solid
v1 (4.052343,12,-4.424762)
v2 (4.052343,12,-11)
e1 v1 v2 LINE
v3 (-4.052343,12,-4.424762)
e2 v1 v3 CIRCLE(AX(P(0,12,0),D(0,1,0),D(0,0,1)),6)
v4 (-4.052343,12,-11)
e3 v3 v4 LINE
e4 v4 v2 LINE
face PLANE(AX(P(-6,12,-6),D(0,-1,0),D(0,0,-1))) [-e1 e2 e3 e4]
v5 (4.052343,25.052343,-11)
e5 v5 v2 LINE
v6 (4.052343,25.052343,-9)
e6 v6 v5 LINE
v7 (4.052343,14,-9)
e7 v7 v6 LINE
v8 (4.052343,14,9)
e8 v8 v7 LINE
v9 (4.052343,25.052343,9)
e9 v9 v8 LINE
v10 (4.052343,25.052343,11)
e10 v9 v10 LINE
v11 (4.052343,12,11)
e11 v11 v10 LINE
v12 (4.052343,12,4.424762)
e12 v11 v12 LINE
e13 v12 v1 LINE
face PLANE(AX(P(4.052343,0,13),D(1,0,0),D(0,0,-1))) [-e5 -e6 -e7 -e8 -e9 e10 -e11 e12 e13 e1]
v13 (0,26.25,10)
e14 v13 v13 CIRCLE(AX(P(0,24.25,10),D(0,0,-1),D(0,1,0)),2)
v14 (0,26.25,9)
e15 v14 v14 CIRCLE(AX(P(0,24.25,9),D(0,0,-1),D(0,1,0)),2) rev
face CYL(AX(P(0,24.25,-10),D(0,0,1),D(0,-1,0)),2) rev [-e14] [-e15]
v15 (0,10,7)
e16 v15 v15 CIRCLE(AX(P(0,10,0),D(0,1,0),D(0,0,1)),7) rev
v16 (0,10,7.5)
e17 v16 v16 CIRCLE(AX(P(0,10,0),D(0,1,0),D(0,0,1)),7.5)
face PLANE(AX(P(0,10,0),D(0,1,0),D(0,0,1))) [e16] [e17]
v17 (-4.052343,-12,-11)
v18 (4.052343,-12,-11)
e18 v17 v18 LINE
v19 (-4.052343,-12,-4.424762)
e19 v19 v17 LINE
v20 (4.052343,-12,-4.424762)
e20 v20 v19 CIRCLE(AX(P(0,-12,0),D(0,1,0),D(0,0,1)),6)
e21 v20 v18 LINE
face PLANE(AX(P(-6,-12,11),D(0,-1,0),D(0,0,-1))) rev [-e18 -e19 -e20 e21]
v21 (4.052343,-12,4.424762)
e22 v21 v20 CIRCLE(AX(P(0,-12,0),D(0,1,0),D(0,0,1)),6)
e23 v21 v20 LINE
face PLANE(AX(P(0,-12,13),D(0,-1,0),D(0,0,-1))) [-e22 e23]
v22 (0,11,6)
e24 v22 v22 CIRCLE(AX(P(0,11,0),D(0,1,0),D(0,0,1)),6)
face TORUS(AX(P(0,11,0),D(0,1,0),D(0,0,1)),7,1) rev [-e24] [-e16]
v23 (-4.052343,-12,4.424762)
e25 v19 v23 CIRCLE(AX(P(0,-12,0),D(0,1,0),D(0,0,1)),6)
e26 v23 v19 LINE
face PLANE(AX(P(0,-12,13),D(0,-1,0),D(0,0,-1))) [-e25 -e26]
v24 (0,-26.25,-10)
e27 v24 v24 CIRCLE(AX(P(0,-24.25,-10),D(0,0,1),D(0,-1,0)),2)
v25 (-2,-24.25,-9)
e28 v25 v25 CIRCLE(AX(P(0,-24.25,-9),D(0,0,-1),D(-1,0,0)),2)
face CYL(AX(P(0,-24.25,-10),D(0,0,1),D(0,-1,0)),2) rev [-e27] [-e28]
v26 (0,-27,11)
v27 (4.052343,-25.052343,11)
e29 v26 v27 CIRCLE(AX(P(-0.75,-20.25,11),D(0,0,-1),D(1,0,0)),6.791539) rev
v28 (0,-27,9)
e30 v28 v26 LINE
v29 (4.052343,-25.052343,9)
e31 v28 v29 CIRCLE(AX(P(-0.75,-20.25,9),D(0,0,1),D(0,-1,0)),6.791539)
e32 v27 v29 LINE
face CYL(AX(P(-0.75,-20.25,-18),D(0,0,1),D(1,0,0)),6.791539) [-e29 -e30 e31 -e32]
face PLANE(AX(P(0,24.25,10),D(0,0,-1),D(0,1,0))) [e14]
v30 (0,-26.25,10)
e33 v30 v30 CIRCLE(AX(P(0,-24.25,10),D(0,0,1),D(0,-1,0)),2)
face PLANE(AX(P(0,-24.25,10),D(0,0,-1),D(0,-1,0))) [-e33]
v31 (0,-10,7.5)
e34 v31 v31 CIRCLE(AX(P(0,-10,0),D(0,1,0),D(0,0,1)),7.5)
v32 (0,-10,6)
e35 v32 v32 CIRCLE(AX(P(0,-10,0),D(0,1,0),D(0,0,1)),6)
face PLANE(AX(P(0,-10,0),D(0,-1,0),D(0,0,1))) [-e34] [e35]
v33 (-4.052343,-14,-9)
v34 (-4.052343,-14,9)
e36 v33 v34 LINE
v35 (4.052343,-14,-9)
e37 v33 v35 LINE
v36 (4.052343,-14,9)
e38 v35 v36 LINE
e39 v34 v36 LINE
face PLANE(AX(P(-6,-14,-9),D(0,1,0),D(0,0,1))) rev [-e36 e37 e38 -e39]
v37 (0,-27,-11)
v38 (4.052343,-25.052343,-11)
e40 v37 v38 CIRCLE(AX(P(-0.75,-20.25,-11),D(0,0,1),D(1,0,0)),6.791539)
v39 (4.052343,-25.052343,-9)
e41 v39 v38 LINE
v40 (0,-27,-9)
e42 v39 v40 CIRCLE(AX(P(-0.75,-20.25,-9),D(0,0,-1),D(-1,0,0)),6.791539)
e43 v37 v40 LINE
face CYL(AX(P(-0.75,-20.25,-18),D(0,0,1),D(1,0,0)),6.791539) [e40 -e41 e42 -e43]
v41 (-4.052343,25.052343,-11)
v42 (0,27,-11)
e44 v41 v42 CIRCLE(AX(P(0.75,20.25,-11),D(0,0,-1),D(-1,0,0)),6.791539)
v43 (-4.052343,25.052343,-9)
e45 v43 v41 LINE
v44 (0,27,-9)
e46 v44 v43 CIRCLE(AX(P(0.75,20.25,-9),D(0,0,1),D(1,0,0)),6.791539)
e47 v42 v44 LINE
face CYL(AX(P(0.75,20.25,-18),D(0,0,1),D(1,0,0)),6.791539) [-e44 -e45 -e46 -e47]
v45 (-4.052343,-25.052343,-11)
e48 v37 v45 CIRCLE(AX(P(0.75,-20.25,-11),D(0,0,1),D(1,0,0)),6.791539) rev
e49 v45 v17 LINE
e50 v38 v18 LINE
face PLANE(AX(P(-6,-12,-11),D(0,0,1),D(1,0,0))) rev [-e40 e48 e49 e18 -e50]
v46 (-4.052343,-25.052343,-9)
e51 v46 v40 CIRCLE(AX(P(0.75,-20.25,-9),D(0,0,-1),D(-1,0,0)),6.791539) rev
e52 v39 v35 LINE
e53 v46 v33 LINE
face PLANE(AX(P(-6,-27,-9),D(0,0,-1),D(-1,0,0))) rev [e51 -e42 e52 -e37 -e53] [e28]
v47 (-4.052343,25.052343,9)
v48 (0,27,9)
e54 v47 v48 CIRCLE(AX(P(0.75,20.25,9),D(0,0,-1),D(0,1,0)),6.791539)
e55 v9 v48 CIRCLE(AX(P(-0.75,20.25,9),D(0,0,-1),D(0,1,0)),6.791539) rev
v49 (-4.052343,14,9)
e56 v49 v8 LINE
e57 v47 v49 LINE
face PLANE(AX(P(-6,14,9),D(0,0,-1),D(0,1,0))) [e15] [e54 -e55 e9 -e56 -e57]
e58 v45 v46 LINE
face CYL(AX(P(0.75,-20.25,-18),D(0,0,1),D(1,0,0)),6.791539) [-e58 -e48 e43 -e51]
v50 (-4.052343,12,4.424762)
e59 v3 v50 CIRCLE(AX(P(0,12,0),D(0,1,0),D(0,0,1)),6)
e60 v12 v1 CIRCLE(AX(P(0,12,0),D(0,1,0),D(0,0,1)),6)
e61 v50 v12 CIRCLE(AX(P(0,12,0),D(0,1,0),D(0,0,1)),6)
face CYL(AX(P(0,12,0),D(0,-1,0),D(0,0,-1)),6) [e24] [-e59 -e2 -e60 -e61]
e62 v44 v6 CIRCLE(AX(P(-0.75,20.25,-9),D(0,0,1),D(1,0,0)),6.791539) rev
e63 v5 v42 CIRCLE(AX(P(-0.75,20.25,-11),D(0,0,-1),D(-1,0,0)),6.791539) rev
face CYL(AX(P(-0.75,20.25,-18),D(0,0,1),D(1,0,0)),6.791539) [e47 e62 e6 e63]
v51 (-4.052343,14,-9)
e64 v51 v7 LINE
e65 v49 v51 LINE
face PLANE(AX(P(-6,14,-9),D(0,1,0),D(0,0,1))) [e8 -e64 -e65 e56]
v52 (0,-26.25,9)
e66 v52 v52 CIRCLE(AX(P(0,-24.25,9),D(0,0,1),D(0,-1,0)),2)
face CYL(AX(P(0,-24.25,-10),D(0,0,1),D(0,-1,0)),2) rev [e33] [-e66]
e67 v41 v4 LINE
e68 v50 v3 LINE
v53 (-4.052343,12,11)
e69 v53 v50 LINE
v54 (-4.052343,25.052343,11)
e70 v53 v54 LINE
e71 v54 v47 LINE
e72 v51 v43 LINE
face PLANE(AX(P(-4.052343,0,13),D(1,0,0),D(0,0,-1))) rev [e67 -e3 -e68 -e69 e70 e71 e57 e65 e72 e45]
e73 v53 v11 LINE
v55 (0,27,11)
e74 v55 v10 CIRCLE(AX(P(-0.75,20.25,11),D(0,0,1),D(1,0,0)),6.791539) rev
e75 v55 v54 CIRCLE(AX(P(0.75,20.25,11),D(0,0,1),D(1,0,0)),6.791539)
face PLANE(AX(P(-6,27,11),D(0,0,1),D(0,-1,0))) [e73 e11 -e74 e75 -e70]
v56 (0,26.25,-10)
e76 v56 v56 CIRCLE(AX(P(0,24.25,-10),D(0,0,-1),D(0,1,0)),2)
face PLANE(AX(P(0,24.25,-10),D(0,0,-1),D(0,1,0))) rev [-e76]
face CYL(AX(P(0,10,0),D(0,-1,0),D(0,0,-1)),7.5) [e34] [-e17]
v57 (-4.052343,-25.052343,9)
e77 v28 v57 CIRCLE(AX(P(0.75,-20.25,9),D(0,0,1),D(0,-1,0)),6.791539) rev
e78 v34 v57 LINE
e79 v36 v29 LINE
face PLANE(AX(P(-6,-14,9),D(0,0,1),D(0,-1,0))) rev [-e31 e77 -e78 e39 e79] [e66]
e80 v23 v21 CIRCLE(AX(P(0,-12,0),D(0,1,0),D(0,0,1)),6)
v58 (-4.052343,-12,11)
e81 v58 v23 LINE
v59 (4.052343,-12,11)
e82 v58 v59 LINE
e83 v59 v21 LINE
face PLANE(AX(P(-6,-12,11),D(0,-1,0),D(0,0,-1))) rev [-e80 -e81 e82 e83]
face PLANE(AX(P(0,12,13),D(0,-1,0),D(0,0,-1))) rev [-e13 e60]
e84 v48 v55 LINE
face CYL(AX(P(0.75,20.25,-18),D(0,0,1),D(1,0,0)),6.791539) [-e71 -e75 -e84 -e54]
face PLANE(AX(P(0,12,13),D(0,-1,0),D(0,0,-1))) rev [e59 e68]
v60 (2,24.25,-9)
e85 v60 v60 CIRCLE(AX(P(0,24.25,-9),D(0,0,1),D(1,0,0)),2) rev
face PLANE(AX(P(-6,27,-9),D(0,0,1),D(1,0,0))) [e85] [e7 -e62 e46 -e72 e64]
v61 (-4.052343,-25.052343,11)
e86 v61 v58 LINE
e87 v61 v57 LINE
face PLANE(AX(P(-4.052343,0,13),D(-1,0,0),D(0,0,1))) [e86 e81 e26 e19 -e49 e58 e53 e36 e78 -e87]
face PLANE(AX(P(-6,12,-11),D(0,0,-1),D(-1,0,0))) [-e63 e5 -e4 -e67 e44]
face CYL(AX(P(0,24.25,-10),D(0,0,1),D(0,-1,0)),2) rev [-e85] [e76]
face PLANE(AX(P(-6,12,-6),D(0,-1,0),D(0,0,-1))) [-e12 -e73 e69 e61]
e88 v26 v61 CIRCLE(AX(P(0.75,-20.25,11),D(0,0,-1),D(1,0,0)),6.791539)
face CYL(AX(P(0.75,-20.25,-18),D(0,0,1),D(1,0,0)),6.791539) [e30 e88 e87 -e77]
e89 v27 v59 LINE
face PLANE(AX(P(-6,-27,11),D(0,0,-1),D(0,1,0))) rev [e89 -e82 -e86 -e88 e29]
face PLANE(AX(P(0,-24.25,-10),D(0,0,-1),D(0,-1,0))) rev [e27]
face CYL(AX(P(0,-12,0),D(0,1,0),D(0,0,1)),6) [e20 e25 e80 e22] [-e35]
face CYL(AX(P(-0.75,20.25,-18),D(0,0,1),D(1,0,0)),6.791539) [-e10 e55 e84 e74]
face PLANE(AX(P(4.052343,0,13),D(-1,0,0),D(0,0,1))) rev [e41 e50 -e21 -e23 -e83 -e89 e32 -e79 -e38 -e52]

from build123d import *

# Parameters (mm, degrees)
SKETCH1_R           = 7.5
BOSS_EXTRUDE1_DEPTH = 10
SKETCH5_R           = 6
BOSS_EXTRUDE2_DEPTH = 2
FILLET2_R           = 1
BOSS_EXTRUDE3_DEPTH = 6
CUT_EXTRUDE4_DEPTH  = 29
CUT_EXTRUDE5_START  = -1
SKETCH10_R          = 2
CUT_EXTRUDE5_DEPTH  = 20
CUT_EXTRUDE6_START  = -24
CUT_EXTRUDE6_DEPTH  = 24


with BuildPart() as part:
    # Sketch1 → Boss-Extrude1 (new body)
    with BuildSketch(Plane(origin=(0, 0, 0), x_dir=(1, 0, 0), z_dir=(0, 1, 0))):
        Circle(SKETCH1_R)
    boss_extrude1 = extrude(amount=BOSS_EXTRUDE1_DEPTH)

    # Sketch5 → Boss-Extrude2 (add)
    with BuildSketch(Plane(origin=(0, 10, 0), x_dir=(1, 0, 0), z_dir=(0, 1, 0))):
        Circle(SKETCH5_R)
    boss_extrude2 = extrude(amount=BOSS_EXTRUDE2_DEPTH)

    # Fillet2
    fillet2_edges = [part.edges().sort_by_distance(p)[0] for p in [
        (-6, 10, 0),
    ]]
    fillet(fillet2_edges, radius=FILLET2_R)

    # Sketch6 → Boss-Extrude3 (add, symmetric)
    with BuildSketch(Plane(origin=(0, 0, 0), x_dir=(0, 0, -1), z_dir=(1, 0, 0))):
        Polygon((6, 12), (-6, 12), (-11, 12), (-11, 27), (-9, 27), (-9, 14), (9, 14), (9, 27), (11, 27), (11, 12), align=None)
    boss_extrude3 = extrude(amount=BOSS_EXTRUDE3_DEPTH, both=True)

    # Sketch9 → Cut-Extrude4 (cut)
    with BuildSketch(Plane.XY.offset(11)):
        with BuildLine():
            Line((-6, 27), (-6, 21))
            ThreePointArc((-6, 21), (-4.052343178, 25.052343178), (0, 27))
            Line((0, 27), (-6, 27))
        make_face()
        with BuildLine():
            ThreePointArc((0, 27), (4.052343178, 25.052343178), (6, 21))
            Line((6, 21), (6, 27))
            Line((6, 27), (0, 27))
        make_face()
    cut_extrude4 = extrude(amount=-CUT_EXTRUDE4_DEPTH, mode=Mode.SUBTRACT)

    # Sketch10 → Cut-Extrude5 (cut)
    with BuildSketch(Plane(origin=(0, 0, 9), x_dir=(-1, 0, 0), z_dir=(0, 0, -1)).offset(CUT_EXTRUDE5_START)):
        with Locations((0, 24.25)):
            Circle(SKETCH10_R)
    cut_extrude5 = extrude(amount=CUT_EXTRUDE5_DEPTH, mode=Mode.SUBTRACT)

    # Mirror2: Boss-Extrude1 across plane
    add(boss_extrude1.mirror(Plane.ZX))

    # Mirror9: Boss-Extrude2, Boss-Extrude3 across plane
    add(boss_extrude2.mirror(Plane.ZX))
    add(boss_extrude3.mirror(Plane.ZX))

    # Mirror11: Cut-Extrude4, Cut-Extrude5 across plane
    add(cut_extrude4.mirror(Plane.ZX), mode=Mode.SUBTRACT)
    add(cut_extrude5.mirror(Plane.ZX), mode=Mode.SUBTRACT)

    # Sketch11 → Cut-Extrude6 (cut)
    with BuildSketch(Plane(origin=(0, 0, -11), x_dir=(-1, 0, 0), z_dir=(0, 0, -1)).offset(CUT_EXTRUDE6_START)):
        with BuildLine():
            Line((-4.052343178, 12), (-4.052343178, 25.052343178))
            ThreePointArc((-4.052343178, 25.052343178), (-5.371235948, 23.192018094), (-6, 21))
            Line((-6, 21), (-6, 12))
            Line((-6, 12), (-4.052343178, 12))
        make_face()
        with BuildLine():
            Line((4.052343178, 25.052343178), (4.052343178, 12))
            Line((4.052343178, 12), (6, 12))
            Line((6, 12), (6, 21))
            ThreePointArc((6, 21), (5.371235948, 23.192018094), (4.052343178, 25.052343178))
        make_face()
    cut_extrude6 = extrude(amount=CUT_EXTRUDE6_DEPTH, mode=Mode.SUBTRACT)

    # Mirror12: Cut-Extrude6 across plane
    add(cut_extrude6.mirror(Plane.ZX), mode=Mode.SUBTRACT)


solid = part.part
